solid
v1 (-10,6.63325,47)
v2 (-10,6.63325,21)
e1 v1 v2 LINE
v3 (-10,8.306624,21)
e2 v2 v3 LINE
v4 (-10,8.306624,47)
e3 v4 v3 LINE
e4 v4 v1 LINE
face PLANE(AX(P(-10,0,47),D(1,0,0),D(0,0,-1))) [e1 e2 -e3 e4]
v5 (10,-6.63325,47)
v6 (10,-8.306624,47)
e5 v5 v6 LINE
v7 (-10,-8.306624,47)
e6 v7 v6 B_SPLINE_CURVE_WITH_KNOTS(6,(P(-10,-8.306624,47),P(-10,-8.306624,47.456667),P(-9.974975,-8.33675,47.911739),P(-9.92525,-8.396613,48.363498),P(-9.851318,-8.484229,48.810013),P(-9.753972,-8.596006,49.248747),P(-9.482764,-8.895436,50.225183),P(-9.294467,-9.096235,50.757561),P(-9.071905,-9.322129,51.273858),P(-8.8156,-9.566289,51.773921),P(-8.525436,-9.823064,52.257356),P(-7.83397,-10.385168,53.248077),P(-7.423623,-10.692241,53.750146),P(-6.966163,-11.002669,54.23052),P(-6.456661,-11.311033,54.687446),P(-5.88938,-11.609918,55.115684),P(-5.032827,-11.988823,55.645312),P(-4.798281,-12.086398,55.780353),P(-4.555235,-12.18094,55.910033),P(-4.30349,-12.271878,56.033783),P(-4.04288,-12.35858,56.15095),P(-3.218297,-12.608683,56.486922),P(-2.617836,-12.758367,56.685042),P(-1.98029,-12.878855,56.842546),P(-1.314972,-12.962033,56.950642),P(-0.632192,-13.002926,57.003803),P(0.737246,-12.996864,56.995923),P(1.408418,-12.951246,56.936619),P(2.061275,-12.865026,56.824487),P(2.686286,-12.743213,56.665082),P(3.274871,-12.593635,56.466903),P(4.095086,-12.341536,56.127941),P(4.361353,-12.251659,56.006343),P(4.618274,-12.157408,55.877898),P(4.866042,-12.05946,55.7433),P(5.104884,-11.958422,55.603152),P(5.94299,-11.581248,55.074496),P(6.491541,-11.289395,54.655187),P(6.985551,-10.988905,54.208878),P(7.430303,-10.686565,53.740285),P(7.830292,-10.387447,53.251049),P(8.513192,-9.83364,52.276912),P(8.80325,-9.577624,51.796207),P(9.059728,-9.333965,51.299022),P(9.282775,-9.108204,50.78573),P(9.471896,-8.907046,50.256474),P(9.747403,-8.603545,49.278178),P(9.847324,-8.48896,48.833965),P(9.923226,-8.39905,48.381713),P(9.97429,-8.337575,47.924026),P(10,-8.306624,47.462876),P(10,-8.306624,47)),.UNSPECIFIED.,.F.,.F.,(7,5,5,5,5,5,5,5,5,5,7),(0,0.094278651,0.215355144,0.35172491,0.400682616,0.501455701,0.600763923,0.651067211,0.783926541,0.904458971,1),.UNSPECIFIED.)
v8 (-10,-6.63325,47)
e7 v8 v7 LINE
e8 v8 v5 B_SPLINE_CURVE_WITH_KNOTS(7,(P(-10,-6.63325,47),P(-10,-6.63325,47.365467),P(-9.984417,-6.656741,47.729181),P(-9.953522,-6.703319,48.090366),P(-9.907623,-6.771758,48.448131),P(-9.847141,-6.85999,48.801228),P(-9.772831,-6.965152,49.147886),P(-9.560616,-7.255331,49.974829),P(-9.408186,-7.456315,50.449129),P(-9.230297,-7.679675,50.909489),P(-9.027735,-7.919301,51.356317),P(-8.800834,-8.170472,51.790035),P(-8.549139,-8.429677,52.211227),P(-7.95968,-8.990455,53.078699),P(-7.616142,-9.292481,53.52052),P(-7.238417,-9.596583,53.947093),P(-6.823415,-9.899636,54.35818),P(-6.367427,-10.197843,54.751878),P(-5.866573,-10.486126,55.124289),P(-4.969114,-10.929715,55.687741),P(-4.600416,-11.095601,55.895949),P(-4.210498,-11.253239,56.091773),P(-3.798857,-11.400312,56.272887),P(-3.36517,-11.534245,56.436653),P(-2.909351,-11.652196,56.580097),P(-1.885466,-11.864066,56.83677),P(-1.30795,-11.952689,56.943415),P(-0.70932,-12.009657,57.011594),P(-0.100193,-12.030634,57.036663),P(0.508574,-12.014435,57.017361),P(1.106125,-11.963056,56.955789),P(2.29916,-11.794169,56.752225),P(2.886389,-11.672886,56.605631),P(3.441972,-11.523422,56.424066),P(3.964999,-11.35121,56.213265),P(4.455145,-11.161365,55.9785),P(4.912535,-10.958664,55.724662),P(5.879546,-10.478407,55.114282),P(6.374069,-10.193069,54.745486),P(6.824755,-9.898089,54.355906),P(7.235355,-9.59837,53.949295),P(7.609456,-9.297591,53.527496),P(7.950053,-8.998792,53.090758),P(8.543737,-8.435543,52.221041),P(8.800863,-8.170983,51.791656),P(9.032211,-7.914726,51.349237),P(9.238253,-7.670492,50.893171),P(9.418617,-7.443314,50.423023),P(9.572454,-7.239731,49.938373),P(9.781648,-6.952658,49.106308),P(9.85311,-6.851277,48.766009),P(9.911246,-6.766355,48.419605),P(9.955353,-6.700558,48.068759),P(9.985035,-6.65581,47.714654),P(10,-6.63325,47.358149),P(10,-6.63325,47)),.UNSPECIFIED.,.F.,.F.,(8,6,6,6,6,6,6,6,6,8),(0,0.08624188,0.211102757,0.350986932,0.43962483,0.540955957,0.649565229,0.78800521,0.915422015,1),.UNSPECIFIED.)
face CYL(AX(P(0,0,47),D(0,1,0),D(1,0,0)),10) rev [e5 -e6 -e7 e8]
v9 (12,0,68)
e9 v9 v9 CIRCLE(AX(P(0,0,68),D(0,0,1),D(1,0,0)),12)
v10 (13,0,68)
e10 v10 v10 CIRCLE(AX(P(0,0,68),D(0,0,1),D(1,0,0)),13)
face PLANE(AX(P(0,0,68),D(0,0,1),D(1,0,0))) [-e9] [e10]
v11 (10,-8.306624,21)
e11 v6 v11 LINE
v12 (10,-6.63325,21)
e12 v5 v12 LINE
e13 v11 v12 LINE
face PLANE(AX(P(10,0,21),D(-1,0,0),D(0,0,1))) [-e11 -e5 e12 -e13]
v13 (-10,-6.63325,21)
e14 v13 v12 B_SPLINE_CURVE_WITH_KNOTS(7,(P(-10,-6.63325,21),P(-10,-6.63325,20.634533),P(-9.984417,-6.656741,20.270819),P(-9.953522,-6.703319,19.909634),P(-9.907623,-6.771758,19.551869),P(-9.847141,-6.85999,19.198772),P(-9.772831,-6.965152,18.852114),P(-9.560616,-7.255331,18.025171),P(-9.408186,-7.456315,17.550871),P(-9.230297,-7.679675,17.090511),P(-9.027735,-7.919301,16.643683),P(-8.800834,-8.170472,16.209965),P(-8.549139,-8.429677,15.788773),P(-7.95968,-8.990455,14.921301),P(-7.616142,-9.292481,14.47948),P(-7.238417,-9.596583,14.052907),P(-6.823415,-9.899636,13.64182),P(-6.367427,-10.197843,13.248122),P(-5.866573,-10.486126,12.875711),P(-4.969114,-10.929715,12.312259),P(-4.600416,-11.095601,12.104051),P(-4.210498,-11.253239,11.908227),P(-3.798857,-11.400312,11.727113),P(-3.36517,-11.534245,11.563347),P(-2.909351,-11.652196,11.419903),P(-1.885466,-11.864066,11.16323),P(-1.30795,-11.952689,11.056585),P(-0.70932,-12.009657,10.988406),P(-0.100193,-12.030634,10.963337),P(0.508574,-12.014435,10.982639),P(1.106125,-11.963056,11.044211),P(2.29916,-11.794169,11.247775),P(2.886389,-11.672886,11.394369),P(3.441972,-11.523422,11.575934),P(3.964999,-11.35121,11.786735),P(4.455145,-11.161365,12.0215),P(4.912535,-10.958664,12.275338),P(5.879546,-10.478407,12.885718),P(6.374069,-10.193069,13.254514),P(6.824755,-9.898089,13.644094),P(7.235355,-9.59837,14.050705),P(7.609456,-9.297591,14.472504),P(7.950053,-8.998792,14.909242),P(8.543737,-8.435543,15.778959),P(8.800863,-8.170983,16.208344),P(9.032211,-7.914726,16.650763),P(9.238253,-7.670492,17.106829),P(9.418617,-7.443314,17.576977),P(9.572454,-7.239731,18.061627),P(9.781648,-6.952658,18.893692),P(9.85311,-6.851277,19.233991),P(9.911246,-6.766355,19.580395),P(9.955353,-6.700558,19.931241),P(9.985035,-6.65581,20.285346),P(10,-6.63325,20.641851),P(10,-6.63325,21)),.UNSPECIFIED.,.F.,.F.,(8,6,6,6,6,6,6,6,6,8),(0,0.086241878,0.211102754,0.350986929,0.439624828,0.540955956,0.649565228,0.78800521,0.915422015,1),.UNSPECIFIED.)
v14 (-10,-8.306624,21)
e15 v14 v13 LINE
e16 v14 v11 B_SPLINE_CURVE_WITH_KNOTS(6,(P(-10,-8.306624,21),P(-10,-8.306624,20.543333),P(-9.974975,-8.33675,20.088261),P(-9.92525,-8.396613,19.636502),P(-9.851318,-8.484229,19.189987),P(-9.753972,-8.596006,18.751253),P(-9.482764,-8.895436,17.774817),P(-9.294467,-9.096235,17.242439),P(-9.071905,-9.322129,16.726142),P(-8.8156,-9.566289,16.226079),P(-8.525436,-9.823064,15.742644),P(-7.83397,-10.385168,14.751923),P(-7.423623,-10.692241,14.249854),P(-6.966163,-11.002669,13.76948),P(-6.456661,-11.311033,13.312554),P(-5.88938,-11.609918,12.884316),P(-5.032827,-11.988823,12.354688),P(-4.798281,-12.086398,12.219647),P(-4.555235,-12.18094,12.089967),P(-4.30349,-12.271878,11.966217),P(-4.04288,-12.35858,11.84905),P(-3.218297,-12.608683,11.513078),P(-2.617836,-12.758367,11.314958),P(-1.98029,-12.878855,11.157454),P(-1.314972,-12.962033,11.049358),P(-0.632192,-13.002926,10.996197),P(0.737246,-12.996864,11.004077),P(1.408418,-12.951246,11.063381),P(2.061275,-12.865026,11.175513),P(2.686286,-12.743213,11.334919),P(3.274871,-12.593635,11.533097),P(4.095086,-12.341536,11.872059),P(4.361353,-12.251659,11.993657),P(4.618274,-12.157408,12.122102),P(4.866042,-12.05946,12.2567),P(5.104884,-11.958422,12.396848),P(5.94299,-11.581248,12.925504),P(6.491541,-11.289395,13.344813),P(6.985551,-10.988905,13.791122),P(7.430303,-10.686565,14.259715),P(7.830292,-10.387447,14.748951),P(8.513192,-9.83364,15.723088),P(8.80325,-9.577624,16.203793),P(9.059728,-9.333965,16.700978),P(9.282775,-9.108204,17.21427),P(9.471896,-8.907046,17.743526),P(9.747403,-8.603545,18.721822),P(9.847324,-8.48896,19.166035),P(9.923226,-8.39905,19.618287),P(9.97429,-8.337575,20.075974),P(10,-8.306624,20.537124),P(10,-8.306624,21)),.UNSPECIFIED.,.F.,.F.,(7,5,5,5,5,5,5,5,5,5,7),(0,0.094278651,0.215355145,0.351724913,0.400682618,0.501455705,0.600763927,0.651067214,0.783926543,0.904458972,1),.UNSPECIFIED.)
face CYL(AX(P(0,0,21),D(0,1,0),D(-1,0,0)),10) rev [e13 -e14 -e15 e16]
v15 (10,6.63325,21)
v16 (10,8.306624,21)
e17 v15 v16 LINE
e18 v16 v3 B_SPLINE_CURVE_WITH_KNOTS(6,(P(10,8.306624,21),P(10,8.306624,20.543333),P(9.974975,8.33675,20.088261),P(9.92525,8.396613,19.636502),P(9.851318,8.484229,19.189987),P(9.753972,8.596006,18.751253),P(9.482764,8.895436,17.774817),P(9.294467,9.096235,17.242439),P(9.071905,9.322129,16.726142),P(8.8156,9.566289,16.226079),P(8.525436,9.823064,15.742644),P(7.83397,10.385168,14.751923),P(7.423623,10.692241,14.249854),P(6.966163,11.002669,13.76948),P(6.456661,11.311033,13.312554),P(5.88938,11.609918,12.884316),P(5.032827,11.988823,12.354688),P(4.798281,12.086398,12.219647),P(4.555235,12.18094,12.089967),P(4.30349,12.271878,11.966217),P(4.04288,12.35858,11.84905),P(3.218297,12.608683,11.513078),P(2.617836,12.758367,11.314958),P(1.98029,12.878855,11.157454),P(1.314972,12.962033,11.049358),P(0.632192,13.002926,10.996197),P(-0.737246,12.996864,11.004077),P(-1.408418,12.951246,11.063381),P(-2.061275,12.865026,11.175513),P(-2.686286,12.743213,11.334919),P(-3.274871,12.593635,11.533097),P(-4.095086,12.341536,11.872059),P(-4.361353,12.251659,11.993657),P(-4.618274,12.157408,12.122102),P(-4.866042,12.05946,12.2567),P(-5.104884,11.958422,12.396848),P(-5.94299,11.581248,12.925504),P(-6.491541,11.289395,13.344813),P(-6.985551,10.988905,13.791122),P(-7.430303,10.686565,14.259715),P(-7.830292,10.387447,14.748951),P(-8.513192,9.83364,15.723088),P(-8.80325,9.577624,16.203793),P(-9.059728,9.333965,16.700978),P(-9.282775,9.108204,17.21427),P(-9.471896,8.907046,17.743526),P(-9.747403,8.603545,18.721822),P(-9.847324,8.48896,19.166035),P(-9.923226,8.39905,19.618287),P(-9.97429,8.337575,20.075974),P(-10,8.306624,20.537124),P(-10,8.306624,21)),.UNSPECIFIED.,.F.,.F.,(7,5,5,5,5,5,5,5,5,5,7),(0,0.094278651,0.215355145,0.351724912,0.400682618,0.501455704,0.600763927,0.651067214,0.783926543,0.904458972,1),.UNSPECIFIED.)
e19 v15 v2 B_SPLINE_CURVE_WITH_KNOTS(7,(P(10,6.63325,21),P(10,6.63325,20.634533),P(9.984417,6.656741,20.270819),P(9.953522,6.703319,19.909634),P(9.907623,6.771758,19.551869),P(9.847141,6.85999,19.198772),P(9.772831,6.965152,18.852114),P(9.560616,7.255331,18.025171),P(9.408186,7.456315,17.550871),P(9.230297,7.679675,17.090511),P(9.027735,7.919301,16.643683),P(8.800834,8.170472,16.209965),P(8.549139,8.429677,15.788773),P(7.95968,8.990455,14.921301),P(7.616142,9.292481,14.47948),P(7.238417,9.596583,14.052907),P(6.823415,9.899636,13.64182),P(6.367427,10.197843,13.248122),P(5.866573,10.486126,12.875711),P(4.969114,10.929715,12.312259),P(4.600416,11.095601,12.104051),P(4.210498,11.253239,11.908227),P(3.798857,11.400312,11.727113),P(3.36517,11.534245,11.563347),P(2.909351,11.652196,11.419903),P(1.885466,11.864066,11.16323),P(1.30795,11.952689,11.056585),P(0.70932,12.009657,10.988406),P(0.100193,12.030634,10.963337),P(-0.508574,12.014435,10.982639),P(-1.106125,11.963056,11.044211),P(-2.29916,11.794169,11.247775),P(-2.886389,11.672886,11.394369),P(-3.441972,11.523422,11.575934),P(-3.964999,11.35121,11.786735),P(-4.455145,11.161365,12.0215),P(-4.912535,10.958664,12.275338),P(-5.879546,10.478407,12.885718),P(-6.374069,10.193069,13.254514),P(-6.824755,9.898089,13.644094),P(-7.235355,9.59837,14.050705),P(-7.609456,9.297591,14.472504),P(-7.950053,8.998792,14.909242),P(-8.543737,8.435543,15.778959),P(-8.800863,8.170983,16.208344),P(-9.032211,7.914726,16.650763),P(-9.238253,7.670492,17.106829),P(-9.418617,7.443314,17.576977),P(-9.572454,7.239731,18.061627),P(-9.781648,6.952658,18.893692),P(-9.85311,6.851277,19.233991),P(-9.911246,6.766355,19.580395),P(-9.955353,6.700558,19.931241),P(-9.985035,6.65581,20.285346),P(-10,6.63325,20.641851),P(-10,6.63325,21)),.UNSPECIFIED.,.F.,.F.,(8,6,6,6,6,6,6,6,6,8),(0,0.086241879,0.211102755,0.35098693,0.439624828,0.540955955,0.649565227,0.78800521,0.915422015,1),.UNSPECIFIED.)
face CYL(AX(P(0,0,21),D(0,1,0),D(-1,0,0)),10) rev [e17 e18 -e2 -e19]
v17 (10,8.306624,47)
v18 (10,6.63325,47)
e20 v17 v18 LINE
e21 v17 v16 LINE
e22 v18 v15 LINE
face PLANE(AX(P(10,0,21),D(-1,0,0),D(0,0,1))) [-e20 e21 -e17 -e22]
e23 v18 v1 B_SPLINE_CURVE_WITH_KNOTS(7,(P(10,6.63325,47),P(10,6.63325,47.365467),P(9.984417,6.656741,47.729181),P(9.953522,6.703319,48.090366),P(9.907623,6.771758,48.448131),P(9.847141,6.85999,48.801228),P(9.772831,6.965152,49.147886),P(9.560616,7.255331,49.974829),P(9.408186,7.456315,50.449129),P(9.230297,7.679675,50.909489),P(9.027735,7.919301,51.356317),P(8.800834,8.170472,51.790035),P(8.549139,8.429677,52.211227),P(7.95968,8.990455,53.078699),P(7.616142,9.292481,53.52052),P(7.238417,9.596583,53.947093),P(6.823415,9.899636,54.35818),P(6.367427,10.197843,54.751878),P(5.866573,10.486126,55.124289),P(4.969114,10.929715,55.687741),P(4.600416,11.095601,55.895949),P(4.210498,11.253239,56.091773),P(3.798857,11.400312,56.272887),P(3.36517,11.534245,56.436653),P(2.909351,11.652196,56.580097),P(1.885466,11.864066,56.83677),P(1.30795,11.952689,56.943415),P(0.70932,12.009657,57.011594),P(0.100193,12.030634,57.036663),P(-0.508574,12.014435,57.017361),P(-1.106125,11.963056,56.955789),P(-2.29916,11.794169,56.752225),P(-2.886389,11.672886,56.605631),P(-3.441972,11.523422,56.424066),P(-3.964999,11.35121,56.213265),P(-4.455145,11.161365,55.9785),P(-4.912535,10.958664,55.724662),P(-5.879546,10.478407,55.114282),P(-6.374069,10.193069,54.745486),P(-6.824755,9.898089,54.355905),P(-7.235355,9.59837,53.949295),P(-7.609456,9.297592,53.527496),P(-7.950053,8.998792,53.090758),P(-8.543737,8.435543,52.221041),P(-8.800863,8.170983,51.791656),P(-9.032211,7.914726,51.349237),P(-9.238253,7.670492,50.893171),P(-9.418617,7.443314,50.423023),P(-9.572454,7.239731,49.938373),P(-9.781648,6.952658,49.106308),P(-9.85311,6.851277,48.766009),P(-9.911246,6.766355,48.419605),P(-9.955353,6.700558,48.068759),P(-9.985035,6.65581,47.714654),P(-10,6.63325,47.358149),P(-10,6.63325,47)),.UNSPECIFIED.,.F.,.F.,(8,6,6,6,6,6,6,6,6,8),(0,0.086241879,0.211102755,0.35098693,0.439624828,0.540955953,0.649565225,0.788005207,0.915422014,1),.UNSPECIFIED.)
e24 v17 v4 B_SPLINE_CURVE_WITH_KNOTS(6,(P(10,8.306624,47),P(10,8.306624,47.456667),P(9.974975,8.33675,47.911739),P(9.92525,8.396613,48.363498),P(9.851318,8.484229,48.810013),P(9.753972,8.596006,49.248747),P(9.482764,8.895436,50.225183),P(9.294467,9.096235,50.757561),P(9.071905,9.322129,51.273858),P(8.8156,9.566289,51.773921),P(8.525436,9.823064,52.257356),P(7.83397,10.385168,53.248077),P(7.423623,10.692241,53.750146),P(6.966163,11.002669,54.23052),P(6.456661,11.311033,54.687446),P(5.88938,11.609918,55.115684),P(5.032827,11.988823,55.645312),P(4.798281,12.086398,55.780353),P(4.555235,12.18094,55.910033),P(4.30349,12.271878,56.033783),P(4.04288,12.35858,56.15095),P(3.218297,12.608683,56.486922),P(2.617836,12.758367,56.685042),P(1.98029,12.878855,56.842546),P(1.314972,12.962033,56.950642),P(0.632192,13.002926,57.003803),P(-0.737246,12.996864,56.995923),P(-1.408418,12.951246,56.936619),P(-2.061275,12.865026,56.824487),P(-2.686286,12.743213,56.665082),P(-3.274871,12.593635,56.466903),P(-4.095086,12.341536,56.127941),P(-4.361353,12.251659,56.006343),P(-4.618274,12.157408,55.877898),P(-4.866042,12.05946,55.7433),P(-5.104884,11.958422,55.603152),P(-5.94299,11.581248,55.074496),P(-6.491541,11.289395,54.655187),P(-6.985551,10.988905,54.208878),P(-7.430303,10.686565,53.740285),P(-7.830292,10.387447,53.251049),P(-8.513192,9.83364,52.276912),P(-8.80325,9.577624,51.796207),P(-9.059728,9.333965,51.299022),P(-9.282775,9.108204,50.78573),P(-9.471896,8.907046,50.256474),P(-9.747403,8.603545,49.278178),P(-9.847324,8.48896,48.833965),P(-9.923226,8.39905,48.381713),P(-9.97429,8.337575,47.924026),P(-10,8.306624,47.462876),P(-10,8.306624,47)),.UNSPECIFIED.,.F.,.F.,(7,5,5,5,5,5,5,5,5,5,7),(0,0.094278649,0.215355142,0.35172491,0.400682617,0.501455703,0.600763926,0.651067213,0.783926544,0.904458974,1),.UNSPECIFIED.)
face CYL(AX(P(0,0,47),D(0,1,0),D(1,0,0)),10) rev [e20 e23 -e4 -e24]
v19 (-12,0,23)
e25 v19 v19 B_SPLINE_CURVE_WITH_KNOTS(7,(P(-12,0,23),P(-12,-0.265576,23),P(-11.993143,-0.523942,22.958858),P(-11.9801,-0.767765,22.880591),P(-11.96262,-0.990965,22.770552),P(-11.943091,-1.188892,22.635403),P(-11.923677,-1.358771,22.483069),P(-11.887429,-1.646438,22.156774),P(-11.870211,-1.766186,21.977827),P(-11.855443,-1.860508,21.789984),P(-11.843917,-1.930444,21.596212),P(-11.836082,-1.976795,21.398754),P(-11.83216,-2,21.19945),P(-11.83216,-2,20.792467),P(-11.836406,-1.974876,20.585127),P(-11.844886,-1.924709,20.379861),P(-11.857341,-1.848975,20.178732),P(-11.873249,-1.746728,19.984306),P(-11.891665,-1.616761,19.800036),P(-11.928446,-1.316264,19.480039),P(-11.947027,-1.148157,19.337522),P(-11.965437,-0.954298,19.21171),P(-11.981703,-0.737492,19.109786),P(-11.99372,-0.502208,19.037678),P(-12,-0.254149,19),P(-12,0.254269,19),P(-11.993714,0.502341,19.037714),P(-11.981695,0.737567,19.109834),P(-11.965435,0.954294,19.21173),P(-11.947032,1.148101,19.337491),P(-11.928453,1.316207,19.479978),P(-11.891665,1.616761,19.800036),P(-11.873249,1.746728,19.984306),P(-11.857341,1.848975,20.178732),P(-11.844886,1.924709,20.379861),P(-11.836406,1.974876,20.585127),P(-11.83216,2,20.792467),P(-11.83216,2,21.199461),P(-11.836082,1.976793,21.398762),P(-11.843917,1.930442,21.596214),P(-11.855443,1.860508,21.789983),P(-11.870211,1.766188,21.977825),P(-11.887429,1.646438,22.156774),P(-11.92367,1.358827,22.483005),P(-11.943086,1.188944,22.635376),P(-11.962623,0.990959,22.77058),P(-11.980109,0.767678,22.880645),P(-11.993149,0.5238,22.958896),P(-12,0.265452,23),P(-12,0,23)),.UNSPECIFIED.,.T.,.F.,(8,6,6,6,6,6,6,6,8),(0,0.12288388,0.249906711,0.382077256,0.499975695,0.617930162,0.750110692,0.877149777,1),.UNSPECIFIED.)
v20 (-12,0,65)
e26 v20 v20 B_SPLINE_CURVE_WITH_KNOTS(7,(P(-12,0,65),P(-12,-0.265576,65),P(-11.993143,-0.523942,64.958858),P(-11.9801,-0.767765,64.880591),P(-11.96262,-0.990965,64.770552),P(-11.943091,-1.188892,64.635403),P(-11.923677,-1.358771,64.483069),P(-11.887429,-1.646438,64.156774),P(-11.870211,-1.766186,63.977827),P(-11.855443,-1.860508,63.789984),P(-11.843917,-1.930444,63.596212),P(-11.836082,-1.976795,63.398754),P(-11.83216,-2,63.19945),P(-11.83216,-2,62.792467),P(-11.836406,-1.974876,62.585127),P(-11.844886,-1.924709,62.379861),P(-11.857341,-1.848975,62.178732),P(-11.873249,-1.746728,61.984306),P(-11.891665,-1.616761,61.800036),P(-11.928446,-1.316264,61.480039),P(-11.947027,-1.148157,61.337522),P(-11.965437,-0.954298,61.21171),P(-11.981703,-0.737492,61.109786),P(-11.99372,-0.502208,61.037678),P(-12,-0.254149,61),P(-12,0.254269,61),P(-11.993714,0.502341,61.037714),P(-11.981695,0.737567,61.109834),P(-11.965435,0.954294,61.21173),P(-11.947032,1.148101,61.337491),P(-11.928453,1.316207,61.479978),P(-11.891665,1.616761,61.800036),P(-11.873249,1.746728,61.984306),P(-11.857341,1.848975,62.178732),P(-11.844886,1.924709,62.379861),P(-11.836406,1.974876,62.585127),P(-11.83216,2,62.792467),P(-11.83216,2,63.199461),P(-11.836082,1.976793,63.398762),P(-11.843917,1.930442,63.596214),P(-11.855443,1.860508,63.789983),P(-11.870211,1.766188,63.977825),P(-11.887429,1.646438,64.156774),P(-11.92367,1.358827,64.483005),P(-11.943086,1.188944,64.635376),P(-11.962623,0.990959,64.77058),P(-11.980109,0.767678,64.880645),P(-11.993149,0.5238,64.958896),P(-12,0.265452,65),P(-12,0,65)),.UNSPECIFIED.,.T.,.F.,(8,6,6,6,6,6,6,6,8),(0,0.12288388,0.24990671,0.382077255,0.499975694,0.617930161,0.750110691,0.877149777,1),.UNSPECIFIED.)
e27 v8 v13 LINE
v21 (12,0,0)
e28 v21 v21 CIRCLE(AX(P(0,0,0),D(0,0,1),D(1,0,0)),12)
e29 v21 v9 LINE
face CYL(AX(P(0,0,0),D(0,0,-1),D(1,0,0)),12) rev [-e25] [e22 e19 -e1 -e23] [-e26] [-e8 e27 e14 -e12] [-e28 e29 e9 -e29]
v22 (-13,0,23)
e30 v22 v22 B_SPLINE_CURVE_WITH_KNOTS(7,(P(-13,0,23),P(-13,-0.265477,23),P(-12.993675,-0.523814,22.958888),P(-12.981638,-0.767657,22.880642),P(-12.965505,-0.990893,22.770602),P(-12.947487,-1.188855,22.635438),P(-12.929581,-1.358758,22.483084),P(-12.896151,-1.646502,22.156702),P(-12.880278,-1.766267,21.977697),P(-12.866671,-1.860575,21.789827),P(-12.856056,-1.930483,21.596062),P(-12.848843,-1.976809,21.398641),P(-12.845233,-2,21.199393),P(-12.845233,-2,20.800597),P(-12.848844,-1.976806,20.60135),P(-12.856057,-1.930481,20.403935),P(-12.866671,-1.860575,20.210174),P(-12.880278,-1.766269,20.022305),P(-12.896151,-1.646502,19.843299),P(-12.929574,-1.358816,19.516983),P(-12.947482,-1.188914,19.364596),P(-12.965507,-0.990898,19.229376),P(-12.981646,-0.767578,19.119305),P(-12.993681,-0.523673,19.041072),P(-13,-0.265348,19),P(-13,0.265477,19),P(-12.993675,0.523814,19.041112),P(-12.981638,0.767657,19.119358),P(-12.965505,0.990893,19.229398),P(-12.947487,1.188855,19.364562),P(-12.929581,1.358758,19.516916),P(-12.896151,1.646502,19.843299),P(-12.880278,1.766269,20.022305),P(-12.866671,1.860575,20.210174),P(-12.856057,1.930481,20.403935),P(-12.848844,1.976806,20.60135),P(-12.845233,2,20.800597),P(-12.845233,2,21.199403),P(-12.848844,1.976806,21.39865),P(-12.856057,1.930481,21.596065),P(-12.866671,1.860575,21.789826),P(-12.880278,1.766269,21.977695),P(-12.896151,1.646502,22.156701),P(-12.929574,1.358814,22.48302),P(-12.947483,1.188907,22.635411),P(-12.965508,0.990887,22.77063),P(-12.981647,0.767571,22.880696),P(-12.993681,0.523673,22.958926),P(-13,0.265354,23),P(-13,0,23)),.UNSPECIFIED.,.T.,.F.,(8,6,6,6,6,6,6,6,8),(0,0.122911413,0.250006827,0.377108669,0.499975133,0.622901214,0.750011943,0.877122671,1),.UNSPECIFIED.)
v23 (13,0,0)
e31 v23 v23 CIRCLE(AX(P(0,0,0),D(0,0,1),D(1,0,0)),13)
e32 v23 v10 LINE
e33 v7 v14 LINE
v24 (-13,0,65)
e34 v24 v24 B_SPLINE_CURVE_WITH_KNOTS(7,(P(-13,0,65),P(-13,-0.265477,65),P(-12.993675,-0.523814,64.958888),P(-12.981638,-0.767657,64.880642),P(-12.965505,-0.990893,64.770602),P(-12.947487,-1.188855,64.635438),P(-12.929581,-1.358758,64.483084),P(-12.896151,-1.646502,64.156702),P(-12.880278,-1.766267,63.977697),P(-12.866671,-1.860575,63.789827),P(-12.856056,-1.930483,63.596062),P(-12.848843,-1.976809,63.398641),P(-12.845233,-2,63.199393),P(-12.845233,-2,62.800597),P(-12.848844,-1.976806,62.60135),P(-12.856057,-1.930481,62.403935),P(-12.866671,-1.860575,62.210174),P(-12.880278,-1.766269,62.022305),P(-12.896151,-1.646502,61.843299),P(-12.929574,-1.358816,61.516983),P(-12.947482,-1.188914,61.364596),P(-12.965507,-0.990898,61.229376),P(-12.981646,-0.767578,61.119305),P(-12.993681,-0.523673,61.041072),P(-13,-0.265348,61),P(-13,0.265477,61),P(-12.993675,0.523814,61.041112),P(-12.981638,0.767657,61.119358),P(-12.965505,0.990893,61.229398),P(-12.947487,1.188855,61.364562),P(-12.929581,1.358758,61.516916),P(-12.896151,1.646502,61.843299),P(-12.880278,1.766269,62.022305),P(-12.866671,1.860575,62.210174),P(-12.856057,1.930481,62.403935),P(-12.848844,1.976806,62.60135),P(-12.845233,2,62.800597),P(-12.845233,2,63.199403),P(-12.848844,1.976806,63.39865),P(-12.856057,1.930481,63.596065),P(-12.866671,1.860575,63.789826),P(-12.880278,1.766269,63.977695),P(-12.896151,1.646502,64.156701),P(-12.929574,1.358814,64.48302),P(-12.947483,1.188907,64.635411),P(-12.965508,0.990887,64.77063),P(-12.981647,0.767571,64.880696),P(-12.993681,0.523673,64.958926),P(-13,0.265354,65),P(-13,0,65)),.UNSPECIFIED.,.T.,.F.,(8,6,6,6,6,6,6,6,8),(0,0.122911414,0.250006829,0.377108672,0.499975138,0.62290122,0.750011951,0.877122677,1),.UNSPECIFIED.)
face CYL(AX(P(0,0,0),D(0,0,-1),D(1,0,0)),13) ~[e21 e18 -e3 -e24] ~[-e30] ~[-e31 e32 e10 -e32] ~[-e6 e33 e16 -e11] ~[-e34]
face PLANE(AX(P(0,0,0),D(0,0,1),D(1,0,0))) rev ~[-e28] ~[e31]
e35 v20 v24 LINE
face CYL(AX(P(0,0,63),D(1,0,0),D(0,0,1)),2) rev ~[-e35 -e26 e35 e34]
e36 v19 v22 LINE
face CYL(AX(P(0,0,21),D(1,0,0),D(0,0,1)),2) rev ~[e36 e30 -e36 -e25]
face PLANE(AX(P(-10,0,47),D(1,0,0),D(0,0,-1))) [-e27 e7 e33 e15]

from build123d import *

# Parameters (mm, degrees)
SKETCH1_R           = 13
SKETCH1_R_2         = 12
BOSS_EXTRUDE1_DEPTH = 68
CUT_EXTRUDE1_DEPTH  = 34
SKETCH3_R           = 2
CUT_EXTRUDE2_DEPTH  = 68


with BuildPart() as part:
    # Sketch1 → Boss-Extrude1 (new body)
    with BuildSketch(Plane.XY):
        Circle(SKETCH1_R)
        Circle(SKETCH1_R_2, mode=Mode.SUBTRACT)
    extrude(amount=BOSS_EXTRUDE1_DEPTH)

    # Sketch2 → Cut-Extrude1 (cut, symmetric)
    with BuildSketch(Plane(origin=(0, 0, 0), x_dir=(1, 0, 0), z_dir=(0, 1, 0))):
        with BuildLine():
            Line((10, -21), (10, -47))
            ThreePointArc((10, -47), (0, -57), (-10, -47))
            Line((-10, -47), (-10, -21))
            ThreePointArc((-10, -21), (0, -11), (10, -21))
        make_face()
    extrude(amount=CUT_EXTRUDE1_DEPTH, both=True, mode=Mode.SUBTRACT)

    # Sketch3 → Cut-Extrude2 (cut)
    with BuildSketch(Plane(origin=(0, 0, 0), x_dir=(0, 0, -1), z_dir=(1, 0, 0))):
        with Locations(Location((-63, 0, 0), (0, 0, 180))):
            Circle(SKETCH3_R)
        with Locations(Location((-21, 0, 0), (0, 0, 180))):
            Circle(SKETCH3_R)
    extrude(amount=-CUT_EXTRUDE2_DEPTH, mode=Mode.SUBTRACT)


solid = part.part
